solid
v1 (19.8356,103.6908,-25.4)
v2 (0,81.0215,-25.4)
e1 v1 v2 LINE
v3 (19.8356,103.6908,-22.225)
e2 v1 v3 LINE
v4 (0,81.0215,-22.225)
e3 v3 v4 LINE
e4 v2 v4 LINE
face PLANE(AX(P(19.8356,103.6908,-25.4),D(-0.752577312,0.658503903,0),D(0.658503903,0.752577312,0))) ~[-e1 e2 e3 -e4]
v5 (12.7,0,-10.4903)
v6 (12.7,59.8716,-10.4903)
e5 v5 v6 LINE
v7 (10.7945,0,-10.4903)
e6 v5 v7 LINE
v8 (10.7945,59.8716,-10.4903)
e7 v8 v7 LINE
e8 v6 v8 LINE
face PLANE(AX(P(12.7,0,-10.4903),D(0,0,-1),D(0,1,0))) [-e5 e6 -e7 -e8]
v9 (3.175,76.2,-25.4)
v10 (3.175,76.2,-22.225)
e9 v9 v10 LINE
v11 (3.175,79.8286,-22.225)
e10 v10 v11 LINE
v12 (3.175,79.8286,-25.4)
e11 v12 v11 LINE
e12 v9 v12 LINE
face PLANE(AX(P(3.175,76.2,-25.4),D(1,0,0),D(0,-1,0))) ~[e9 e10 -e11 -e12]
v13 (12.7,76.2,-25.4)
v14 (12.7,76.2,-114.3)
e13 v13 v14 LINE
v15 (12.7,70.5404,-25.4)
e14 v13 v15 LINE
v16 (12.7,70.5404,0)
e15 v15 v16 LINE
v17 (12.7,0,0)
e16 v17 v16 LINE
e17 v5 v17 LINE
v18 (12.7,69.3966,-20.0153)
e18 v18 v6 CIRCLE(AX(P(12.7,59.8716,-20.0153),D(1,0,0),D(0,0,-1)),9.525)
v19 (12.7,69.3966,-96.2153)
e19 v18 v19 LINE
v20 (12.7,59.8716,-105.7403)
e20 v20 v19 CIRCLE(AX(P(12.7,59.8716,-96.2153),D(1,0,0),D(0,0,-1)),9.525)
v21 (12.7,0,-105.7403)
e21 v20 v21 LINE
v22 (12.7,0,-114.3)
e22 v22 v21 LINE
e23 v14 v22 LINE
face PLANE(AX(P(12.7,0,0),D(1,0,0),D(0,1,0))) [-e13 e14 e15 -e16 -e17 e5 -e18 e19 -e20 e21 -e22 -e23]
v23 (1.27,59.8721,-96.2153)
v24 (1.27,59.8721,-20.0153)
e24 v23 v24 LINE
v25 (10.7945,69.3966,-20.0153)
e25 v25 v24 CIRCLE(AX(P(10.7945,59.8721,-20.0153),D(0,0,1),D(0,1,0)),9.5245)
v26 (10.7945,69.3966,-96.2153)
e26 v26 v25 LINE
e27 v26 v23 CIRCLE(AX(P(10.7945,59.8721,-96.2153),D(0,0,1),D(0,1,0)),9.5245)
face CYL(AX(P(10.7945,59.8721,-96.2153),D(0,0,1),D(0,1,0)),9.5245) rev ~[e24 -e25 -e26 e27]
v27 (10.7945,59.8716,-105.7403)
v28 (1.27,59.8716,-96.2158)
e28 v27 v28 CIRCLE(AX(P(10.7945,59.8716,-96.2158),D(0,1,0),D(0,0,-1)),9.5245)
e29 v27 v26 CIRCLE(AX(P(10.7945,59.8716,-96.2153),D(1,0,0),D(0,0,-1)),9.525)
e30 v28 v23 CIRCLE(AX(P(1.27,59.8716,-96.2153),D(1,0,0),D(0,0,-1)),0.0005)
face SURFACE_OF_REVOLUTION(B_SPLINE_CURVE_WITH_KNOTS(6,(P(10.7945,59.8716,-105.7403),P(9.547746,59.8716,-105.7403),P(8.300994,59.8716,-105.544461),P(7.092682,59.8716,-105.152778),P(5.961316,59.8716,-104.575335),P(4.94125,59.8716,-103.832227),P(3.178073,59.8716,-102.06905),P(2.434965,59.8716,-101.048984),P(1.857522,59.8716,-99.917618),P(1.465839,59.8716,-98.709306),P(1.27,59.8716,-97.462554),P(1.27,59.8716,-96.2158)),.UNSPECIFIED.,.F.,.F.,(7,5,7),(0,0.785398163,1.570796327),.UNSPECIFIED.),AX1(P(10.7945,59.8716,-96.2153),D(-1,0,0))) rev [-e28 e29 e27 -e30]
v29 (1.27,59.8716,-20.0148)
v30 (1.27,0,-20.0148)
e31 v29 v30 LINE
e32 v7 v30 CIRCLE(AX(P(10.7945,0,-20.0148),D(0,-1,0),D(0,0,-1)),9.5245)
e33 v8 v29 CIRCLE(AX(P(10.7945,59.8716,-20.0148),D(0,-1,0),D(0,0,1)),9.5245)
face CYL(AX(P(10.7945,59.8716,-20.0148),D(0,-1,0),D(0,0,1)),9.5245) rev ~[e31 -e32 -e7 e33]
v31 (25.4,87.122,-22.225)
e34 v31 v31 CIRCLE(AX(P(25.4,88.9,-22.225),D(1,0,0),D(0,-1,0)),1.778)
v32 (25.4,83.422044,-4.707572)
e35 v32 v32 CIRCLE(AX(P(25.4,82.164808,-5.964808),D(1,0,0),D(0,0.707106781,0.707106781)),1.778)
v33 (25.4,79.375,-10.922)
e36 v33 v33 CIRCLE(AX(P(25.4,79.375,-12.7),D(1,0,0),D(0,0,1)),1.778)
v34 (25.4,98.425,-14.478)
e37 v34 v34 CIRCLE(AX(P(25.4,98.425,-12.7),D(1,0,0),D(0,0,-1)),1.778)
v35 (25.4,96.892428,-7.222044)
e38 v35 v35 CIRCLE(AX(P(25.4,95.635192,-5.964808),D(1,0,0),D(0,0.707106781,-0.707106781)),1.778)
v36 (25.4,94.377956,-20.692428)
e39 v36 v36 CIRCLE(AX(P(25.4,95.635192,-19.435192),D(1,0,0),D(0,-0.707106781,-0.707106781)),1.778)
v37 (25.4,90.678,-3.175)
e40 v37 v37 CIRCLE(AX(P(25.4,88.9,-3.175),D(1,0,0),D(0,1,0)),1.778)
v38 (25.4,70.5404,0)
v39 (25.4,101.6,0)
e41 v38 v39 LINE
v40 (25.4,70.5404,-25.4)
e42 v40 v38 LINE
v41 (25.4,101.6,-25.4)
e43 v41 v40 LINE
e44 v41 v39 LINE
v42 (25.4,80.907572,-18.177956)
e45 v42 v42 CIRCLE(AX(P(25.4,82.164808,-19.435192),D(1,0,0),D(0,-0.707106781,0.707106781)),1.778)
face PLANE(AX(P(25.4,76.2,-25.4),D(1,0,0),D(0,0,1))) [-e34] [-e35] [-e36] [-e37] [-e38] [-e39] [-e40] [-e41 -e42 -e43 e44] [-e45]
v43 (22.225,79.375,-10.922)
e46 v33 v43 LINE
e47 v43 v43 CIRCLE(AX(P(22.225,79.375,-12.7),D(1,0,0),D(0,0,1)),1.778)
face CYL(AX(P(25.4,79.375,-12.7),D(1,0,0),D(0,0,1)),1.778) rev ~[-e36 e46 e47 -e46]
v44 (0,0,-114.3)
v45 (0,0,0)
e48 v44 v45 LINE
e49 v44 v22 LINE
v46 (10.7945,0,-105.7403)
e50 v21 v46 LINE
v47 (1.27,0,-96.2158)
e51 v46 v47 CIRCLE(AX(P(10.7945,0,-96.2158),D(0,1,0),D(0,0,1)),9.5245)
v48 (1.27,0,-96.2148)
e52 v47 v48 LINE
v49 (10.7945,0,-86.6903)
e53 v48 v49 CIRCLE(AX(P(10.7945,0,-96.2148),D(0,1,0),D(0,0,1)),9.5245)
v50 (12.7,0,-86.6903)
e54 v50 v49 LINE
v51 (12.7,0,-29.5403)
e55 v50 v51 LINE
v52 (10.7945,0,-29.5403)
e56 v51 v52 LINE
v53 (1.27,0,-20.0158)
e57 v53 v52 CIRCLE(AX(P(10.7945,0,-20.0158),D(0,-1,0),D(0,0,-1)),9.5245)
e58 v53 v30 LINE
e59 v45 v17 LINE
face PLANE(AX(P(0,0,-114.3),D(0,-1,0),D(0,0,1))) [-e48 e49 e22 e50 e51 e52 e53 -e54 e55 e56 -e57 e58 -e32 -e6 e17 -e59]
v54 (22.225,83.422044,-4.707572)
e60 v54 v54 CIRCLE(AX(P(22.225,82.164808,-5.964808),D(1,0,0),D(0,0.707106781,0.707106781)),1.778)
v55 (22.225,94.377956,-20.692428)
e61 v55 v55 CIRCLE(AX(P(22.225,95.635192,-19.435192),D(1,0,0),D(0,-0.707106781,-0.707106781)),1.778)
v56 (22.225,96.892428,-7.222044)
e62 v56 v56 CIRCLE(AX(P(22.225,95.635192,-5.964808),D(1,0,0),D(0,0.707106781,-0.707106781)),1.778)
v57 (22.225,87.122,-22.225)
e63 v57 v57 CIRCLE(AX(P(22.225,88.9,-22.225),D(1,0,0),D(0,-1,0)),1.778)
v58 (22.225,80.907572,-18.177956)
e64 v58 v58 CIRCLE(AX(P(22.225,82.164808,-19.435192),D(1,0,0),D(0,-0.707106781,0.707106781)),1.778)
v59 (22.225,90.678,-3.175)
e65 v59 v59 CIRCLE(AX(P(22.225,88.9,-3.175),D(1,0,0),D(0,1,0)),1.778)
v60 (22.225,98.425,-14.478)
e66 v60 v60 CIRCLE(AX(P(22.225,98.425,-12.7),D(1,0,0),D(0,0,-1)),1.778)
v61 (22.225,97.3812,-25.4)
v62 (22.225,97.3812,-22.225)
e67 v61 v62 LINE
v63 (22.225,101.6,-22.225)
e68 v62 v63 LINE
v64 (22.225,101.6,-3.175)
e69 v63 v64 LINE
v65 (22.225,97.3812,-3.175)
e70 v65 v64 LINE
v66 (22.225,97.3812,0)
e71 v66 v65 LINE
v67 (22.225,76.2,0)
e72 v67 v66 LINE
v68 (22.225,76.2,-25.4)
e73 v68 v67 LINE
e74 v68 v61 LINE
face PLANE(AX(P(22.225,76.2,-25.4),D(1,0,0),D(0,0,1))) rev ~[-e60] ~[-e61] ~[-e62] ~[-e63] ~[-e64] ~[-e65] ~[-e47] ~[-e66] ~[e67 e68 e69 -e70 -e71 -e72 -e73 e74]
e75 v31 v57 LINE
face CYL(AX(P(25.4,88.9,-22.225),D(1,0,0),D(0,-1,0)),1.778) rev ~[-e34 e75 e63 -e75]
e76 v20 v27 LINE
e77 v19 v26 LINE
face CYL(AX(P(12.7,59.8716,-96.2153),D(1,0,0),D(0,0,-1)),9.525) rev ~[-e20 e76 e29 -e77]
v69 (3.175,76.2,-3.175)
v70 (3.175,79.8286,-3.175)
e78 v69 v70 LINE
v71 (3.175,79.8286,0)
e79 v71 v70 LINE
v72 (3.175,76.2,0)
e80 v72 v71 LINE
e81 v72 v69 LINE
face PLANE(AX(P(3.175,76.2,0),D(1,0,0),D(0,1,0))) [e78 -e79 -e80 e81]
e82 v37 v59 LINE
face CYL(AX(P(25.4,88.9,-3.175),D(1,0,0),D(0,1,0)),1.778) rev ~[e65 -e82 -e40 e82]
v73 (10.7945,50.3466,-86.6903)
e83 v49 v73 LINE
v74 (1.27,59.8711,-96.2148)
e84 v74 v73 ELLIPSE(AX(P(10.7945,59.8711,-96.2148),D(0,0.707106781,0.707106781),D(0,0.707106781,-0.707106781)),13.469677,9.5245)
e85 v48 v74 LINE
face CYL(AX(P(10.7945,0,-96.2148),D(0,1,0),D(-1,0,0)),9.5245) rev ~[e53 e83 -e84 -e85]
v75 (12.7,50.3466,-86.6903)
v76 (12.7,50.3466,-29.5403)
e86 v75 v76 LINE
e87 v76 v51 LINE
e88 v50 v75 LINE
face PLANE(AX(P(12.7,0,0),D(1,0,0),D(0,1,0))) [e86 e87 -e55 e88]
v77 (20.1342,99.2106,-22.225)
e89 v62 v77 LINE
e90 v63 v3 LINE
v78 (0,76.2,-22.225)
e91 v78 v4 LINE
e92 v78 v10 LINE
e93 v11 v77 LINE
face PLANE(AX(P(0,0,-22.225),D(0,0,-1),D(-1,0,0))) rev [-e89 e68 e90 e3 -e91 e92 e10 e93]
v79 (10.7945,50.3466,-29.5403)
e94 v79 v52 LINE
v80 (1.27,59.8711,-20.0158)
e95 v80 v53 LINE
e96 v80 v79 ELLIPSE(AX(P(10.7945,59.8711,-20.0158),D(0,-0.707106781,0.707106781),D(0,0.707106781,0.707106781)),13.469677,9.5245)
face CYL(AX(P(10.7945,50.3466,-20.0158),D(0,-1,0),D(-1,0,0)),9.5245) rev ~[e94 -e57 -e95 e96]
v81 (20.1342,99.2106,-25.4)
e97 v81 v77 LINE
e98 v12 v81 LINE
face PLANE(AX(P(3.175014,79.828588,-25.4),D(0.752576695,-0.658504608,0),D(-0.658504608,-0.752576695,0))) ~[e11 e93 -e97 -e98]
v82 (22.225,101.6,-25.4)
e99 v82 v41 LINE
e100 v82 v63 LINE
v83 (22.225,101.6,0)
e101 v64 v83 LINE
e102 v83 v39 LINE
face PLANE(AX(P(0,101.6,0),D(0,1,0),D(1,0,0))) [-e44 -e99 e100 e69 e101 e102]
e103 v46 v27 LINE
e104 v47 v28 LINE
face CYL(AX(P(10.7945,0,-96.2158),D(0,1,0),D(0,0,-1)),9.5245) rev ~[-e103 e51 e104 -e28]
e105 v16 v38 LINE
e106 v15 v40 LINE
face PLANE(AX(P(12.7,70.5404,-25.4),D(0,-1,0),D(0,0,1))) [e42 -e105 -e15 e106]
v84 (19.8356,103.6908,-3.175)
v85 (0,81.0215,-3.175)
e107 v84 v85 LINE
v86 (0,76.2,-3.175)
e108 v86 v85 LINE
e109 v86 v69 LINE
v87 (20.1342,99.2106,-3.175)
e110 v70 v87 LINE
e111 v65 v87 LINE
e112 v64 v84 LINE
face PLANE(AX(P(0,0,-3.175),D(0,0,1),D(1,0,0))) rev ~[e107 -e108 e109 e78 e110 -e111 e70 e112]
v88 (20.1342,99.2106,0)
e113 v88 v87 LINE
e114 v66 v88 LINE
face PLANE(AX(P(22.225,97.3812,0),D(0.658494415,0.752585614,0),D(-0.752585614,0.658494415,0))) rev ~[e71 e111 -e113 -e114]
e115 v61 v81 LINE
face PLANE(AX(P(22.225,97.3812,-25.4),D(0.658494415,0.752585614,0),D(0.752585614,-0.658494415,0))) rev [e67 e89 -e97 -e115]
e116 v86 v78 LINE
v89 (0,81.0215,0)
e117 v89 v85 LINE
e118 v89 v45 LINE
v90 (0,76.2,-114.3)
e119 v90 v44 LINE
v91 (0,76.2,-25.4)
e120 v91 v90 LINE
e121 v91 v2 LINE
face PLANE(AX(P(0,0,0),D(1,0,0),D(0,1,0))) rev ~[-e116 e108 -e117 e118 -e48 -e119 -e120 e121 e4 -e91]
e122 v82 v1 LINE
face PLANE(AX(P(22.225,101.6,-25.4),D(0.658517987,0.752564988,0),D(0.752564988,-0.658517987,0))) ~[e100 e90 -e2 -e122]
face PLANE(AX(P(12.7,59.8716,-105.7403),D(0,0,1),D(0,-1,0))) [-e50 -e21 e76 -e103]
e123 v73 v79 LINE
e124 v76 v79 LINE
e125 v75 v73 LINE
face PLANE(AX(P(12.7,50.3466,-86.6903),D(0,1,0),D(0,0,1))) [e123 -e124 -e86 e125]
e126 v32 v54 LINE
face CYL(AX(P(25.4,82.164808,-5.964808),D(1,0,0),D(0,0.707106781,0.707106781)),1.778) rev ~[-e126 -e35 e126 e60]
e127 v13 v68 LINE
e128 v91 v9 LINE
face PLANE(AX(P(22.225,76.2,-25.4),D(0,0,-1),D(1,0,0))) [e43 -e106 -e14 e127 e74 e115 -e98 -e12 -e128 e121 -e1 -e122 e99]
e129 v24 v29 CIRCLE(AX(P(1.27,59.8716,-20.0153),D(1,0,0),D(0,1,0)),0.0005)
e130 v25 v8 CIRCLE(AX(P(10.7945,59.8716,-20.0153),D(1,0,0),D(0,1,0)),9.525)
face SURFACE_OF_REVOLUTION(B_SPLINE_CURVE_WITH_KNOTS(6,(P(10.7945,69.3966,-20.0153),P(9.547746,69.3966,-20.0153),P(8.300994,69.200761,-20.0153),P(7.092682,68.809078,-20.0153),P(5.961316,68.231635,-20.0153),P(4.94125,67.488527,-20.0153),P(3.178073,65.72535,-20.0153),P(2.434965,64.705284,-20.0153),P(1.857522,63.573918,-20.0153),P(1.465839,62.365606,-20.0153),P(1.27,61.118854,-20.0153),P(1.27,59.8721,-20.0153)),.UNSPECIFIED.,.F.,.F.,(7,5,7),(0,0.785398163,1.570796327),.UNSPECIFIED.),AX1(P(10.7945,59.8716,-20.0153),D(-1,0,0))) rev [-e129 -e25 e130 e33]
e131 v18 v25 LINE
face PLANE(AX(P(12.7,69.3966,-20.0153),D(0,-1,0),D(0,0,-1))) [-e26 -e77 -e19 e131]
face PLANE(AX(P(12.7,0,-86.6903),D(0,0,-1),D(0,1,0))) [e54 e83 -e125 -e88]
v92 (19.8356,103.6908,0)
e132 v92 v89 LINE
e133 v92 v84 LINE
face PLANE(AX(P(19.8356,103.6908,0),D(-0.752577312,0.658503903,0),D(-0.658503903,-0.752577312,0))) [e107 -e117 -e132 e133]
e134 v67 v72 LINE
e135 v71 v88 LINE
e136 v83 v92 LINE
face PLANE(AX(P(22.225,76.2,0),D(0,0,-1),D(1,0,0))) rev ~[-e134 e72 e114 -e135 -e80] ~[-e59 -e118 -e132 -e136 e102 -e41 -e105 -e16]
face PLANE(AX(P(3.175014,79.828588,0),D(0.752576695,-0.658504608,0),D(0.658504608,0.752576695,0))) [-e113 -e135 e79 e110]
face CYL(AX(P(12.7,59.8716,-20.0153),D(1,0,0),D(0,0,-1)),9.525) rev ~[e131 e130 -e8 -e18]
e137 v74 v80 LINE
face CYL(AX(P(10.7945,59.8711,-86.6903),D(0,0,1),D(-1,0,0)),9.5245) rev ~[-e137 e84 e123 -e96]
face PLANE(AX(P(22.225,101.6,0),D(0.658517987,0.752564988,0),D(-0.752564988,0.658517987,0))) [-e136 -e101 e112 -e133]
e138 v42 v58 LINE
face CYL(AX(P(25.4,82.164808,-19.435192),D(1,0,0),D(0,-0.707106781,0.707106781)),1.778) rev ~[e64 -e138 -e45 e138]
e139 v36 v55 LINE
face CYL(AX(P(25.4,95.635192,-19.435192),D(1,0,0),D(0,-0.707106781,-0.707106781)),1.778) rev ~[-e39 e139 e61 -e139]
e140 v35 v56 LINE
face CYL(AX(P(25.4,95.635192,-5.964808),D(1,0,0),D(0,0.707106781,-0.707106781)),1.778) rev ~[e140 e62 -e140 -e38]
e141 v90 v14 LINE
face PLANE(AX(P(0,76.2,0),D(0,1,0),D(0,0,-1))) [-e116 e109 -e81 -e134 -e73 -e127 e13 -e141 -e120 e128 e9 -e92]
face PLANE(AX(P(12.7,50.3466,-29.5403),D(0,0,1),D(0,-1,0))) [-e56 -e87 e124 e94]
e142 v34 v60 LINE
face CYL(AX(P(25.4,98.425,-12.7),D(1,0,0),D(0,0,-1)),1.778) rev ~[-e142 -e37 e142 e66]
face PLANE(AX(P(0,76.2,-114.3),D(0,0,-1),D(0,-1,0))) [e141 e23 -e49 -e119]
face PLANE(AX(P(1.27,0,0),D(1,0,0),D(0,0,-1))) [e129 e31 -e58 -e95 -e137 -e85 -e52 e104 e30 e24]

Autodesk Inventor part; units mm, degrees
ref_plane "YZ Plane" through (0, 0, 0) normal (1, 0, 0) x (0, 1, 0)
ref_plane "XZ Plane" through (0, 0, 0) normal (0, 1, 0) x (-1, 0, 0)
sketch "Sketch1" plane through (0, 0, 0) normal (1, 0, 0) x (0, 1, 0)
  line L0 (0, 0) -> (76.2, 0)
  line L1 (76.2, 0) -> (76.2, -114.3)
  line L2 (76.2, -114.3) -> (0, -114.3)
  line L3 (0, -114.3) -> (0, 0)
  dimension "d0" = 76.2
  dimension "d1" = 114.3
extrude "Extrusion1" add sketch "Sketch1" along normal blind 12.7
sketch "Sketch2" plane through (12.7, 0, 0) normal (1, 0, 0) x (0, 0, -1)
  line L0 (0, 76.2) -> (0, 0) projected
  line L1 (0, 76.2) -> (25.4, 76.2)
  line L2 (25.4, 76.2) -> (25.4, 70.5404)
  line L3 (25.4, 70.5404) -> (0, 70.5404)
  line L4 (0, 70.5404) -> (0, 76.2)
  dimension "d4" = 25.4
extrude "Extrusion2" add sketch "Sketch2" along normal blind 12.7
sketch "Sketch3" plane through (0, 76.2, 0) normal (0, 1, 0) x (1, 0, 0)
  line L0 (0, 0) -> (0, 114.3) projected
  line L1 (0, 0) -> (25.4, 0) projected
  line L2 (25.4, 25.4) -> (25.4, 0) projected
  line L3 (12.7, 25.4) -> (25.4, 25.4) projected
  line L4 (12.7, 114.3) -> (12.7, 25.4) projected
  line L5 (0, 114.3) -> (12.7, 114.3) projected
  line L6 (12.7, 25.4) -> (25.4, 25.4) projected
  line L7 (22.225, 25.4) -> (22.225, 0)
  line L8 (0, 0) -> (25.4, 0) projected
  dimension "d8" = 3.175
extrude "Extrusion3" add sketch "Sketch3" along normal blind 25.4 contours L7 L3 L2 L1
sketch "Sketch4" plane through (0, 0, 0) normal (0, 0, 1) x (1, 0, 0)
  line L0 (0, 76.2) -> (22.225, 76.2) projected
  line L1 (0, 76.2) -> (22.225, 101.6)
  line L2 (22.225, 101.6) -> (19.8356, 103.6908)
  line L3 (19.8356, 103.6908) -> (0, 81.0215)
  line L4 (22.225, 101.6) -> (25.4, 101.6) projected
  line L5 (22.225, 76.2) -> (22.225, 101.6) projected
  line L6 (0, 76.2) -> (0, 81.0215)
  line L7 (22.225, 97.3812) -> (20.1342, 99.2106)
  line L8 (3.175, 76.2) -> (3.175, 79.8286)
  point P0 (0, 0)
  dimension "d11" = 3.175
  dimension "d12" = 3.175
  dimension "d13" = 3.175
extrude "Extrusion4" add sketch "Sketch4" against normal blind 3.175 contours L1 L8 L0 | L6 L3 L2 L1 | L1 L5 L7
ref_plane "Work Plane1" through (12.7, 70.5404, -12.7) normal (0, 0, -1) x (-1, 0, 0)
mirror "Mirror1" about plane through (12.7, 70.5404, -12.7) normal (0, 0, -1) of "Extrusion4"
sketch "Sketch5" plane through (25.4, 0, 0) normal (1, 0, 0) x (0, 0, -1)
  line L0 (0, 70.5404) -> (0, 101.6) projected
  line L1 (0, 70.5404) -> (25.4, 70.5404) projected
  line L2 (25.4, 70.5404) -> (25.4, 101.6) projected
  line L3 (0, 101.6) -> (25.4, 101.6) projected
  circle A0 centre (12.7, 88.9) radius 6.35
  line L4 (0, 76.2) -> (25.4, 76.2) projected
  circle A1 centre (12.7, 98.425) radius 1.778
  point P0 (0, 0)
  dimension "d16" = 12.7
  dimension "d17" = 25.4
  dimension "d18" = 25.4
  dimension "d19" = 12.7
  dimension "d20" = 12.7
  dimension "d21" = 3.556
  dimension "d22" = 9.525
extrude "Extrusion5" cut sketch "Sketch5" against normal blind 3.175 contours A1
pattern_circular "Circular Pattern1" count 8 over 360 about axis through (25.4, 88.9, -12.7) along (1, 0, 0) of "Extrusion5"
sketch "Sketch6" plane through (0, 0, 0) normal (-1, 0, 0) x (0, 0, 1)
  line L0 (0, 0) -> (-114.3, 0) projected
  line L1 (-20.0153, 0) -> (-20.0153, 59.8716) construction
  line L2 (-10.4903, 0) -> (-10.4903, 59.8716)
  line L3 (-29.5403, 59.8716) -> (-29.5403, 0)
  arc A0 (-29.5403, 0) -> (-10.4903, 0) centre (-20.0153, 0) ccw
  arc A1 (-10.4903, 59.8716) -> (-29.5403, 59.8716) centre (-20.0153, 59.8716) ccw
  line L4 (-20.0153, 59.8716) -> (-96.2153, 59.8716) construction
  line L5 (-20.0153, 69.3966) -> (-96.2153, 69.3966)
  line L6 (-96.2153, 50.3466) -> (-20.0153, 50.3466)
  arc A2 (-20.0153, 50.3466) -> (-20.0153, 69.3966) centre (-20.0153, 59.8716) ccw
  arc A3 (-96.2153, 69.3966) -> (-96.2153, 50.3466) centre (-96.2153, 59.8716) ccw
  line L7 (-96.2153, 59.8716) -> (-96.2153, 0) construction
  line L8 (-105.7403, 59.8716) -> (-105.7403, 0)
  line L9 (-86.6903, 0) -> (-86.6903, 59.8716)
  arc A4 (-86.6903, 59.8716) -> (-105.7403, 59.8716) centre (-96.2153, 59.8716) ccw
  arc A5 (-105.7403, 0) -> (-86.6903, 0) centre (-96.2153, 0) ccw
  line L10 (-114.3, 0) -> (-114.3, 76.2) projected
  line L11 (0, 0) -> (0, 81.0215) projected
  point P0 (-20.0153, 29.9358)
  point P1 (-58.1153, 59.8716)
  point P2 (-96.2153, 29.9358)
  dimension "d28" = 19.05
  dimension "d29" = 76.2
  dimension "d30" = 19.05
  dimension "d31" = 19.05
  dimension "d32" = 95.25
  dimension "d36" = 116.2307
  dimension "d37" = 10.4903
sketch "Sketch7" plane through (12.7, 0, 0) normal (1, 0, 0) x (0, 0, -1)
  line L0 (25.4, 70.5404) -> (0, 70.5404) projected
  line L1 (0, 70.5404) -> (0, 0) projected
  line L2 (0, 0) -> (114.3, 0) construction
  line L3 (114.3, 0) -> (114.3, 76.2) projected
  line L4 (114.3, 76.2) -> (25.4, 76.2) projected
  line L5 (25.4, 76.2) -> (25.4, 70.5404) projected
  line L6 (105.7403, 59.8716) -> (105.7403, 0) projected
  line L7 (20.0153, 69.3966) -> (96.2153, 69.3966) projected
  line L8 (0, 0) -> (0, 81.0215) projected
  line L9 (0, 81.0215) -> (3.175, 81.0215) projected
  line L10 (3.175, 76.2) -> (3.175, 81.0215) projected
  line L11 (3.175, 76.2) -> (22.225, 76.2) projected
  line L12 (22.225, 76.2) -> (22.225, 81.0215) projected
  line L13 (25.4, 81.0215) -> (22.225, 81.0215) projected
  line L14 (25.4, 81.0215) -> (25.4, 76.2) projected
  line L15 (25.4, 76.2) -> (114.3, 76.2) projected
  line L16 (114.3, 76.2) -> (114.3, 0) projected
  line L17 (114.3, 0) -> (0, 0) projected
  arc A0 (105.7403, 59.8716) -> (86.6903, 59.8716) centre (96.2153, 59.8716) ccw projected
  arc A1 (96.2153, 50.3466) -> (96.2153, 69.3966) centre (96.2153, 59.8716) ccw projected
  line L18 (96.2153, 50.3466) -> (20.0153, 50.3466) projected
  line L19 (86.6903, 0) -> (86.6903, 59.8716) projected
  arc A2 (86.6903, 0) -> (105.7403, 0) centre (96.2153, 0) ccw projected
  arc A3 (10.4903, 0) -> (29.5403, 0) centre (20.0153, 0) ccw projected
  line L20 (29.5403, 59.8716) -> (29.5403, 0) projected
  line L21 (10.4903, 0) -> (10.4903, 59.8716) projected
  arc A4 (29.5403, 59.8716) -> (10.4903, 59.8716) centre (20.0153, 59.8716) ccw projected
  arc A5 (20.0153, 69.3966) -> (20.0153, 50.3466) centre (20.0153, 59.8716) ccw projected
extrude "Extrusion7" cut sketch "Sketch7" against normal blind 11.43 contours L21 A5 L18 L20 L17 | L17 A3 | A4 L20 L18 A5 | L17 L19 L18 A1 L6 | A2 L17 | L20 A4 L7 A0 L19 L18 | A1 L18 L19 A0
fillet "Fillet2" radius 9.525 7 edges at (1.27, 66.6068, -102.9505) (1.27, 29.9358, -105.7403) (1.27, 29.9358, -10.4903) (1.27, 69.3966, -58.1153) (1.27, 25.1733, -86.6903) (1.27, 50.3466, -58.1153) (1.27, 25.1733, -29.5403)
equation "\"d12\" = d13"
equation "\"d19\" = 0.5 * d18"
equation "\"d20\" = 0.5 * d17"
equation "\"d28\" = d31"
equation "\"d30\" = d31"
equation "\"d37\" = -0.5 * d32 + 0.5 * d36"
properties part number "relicmold"
